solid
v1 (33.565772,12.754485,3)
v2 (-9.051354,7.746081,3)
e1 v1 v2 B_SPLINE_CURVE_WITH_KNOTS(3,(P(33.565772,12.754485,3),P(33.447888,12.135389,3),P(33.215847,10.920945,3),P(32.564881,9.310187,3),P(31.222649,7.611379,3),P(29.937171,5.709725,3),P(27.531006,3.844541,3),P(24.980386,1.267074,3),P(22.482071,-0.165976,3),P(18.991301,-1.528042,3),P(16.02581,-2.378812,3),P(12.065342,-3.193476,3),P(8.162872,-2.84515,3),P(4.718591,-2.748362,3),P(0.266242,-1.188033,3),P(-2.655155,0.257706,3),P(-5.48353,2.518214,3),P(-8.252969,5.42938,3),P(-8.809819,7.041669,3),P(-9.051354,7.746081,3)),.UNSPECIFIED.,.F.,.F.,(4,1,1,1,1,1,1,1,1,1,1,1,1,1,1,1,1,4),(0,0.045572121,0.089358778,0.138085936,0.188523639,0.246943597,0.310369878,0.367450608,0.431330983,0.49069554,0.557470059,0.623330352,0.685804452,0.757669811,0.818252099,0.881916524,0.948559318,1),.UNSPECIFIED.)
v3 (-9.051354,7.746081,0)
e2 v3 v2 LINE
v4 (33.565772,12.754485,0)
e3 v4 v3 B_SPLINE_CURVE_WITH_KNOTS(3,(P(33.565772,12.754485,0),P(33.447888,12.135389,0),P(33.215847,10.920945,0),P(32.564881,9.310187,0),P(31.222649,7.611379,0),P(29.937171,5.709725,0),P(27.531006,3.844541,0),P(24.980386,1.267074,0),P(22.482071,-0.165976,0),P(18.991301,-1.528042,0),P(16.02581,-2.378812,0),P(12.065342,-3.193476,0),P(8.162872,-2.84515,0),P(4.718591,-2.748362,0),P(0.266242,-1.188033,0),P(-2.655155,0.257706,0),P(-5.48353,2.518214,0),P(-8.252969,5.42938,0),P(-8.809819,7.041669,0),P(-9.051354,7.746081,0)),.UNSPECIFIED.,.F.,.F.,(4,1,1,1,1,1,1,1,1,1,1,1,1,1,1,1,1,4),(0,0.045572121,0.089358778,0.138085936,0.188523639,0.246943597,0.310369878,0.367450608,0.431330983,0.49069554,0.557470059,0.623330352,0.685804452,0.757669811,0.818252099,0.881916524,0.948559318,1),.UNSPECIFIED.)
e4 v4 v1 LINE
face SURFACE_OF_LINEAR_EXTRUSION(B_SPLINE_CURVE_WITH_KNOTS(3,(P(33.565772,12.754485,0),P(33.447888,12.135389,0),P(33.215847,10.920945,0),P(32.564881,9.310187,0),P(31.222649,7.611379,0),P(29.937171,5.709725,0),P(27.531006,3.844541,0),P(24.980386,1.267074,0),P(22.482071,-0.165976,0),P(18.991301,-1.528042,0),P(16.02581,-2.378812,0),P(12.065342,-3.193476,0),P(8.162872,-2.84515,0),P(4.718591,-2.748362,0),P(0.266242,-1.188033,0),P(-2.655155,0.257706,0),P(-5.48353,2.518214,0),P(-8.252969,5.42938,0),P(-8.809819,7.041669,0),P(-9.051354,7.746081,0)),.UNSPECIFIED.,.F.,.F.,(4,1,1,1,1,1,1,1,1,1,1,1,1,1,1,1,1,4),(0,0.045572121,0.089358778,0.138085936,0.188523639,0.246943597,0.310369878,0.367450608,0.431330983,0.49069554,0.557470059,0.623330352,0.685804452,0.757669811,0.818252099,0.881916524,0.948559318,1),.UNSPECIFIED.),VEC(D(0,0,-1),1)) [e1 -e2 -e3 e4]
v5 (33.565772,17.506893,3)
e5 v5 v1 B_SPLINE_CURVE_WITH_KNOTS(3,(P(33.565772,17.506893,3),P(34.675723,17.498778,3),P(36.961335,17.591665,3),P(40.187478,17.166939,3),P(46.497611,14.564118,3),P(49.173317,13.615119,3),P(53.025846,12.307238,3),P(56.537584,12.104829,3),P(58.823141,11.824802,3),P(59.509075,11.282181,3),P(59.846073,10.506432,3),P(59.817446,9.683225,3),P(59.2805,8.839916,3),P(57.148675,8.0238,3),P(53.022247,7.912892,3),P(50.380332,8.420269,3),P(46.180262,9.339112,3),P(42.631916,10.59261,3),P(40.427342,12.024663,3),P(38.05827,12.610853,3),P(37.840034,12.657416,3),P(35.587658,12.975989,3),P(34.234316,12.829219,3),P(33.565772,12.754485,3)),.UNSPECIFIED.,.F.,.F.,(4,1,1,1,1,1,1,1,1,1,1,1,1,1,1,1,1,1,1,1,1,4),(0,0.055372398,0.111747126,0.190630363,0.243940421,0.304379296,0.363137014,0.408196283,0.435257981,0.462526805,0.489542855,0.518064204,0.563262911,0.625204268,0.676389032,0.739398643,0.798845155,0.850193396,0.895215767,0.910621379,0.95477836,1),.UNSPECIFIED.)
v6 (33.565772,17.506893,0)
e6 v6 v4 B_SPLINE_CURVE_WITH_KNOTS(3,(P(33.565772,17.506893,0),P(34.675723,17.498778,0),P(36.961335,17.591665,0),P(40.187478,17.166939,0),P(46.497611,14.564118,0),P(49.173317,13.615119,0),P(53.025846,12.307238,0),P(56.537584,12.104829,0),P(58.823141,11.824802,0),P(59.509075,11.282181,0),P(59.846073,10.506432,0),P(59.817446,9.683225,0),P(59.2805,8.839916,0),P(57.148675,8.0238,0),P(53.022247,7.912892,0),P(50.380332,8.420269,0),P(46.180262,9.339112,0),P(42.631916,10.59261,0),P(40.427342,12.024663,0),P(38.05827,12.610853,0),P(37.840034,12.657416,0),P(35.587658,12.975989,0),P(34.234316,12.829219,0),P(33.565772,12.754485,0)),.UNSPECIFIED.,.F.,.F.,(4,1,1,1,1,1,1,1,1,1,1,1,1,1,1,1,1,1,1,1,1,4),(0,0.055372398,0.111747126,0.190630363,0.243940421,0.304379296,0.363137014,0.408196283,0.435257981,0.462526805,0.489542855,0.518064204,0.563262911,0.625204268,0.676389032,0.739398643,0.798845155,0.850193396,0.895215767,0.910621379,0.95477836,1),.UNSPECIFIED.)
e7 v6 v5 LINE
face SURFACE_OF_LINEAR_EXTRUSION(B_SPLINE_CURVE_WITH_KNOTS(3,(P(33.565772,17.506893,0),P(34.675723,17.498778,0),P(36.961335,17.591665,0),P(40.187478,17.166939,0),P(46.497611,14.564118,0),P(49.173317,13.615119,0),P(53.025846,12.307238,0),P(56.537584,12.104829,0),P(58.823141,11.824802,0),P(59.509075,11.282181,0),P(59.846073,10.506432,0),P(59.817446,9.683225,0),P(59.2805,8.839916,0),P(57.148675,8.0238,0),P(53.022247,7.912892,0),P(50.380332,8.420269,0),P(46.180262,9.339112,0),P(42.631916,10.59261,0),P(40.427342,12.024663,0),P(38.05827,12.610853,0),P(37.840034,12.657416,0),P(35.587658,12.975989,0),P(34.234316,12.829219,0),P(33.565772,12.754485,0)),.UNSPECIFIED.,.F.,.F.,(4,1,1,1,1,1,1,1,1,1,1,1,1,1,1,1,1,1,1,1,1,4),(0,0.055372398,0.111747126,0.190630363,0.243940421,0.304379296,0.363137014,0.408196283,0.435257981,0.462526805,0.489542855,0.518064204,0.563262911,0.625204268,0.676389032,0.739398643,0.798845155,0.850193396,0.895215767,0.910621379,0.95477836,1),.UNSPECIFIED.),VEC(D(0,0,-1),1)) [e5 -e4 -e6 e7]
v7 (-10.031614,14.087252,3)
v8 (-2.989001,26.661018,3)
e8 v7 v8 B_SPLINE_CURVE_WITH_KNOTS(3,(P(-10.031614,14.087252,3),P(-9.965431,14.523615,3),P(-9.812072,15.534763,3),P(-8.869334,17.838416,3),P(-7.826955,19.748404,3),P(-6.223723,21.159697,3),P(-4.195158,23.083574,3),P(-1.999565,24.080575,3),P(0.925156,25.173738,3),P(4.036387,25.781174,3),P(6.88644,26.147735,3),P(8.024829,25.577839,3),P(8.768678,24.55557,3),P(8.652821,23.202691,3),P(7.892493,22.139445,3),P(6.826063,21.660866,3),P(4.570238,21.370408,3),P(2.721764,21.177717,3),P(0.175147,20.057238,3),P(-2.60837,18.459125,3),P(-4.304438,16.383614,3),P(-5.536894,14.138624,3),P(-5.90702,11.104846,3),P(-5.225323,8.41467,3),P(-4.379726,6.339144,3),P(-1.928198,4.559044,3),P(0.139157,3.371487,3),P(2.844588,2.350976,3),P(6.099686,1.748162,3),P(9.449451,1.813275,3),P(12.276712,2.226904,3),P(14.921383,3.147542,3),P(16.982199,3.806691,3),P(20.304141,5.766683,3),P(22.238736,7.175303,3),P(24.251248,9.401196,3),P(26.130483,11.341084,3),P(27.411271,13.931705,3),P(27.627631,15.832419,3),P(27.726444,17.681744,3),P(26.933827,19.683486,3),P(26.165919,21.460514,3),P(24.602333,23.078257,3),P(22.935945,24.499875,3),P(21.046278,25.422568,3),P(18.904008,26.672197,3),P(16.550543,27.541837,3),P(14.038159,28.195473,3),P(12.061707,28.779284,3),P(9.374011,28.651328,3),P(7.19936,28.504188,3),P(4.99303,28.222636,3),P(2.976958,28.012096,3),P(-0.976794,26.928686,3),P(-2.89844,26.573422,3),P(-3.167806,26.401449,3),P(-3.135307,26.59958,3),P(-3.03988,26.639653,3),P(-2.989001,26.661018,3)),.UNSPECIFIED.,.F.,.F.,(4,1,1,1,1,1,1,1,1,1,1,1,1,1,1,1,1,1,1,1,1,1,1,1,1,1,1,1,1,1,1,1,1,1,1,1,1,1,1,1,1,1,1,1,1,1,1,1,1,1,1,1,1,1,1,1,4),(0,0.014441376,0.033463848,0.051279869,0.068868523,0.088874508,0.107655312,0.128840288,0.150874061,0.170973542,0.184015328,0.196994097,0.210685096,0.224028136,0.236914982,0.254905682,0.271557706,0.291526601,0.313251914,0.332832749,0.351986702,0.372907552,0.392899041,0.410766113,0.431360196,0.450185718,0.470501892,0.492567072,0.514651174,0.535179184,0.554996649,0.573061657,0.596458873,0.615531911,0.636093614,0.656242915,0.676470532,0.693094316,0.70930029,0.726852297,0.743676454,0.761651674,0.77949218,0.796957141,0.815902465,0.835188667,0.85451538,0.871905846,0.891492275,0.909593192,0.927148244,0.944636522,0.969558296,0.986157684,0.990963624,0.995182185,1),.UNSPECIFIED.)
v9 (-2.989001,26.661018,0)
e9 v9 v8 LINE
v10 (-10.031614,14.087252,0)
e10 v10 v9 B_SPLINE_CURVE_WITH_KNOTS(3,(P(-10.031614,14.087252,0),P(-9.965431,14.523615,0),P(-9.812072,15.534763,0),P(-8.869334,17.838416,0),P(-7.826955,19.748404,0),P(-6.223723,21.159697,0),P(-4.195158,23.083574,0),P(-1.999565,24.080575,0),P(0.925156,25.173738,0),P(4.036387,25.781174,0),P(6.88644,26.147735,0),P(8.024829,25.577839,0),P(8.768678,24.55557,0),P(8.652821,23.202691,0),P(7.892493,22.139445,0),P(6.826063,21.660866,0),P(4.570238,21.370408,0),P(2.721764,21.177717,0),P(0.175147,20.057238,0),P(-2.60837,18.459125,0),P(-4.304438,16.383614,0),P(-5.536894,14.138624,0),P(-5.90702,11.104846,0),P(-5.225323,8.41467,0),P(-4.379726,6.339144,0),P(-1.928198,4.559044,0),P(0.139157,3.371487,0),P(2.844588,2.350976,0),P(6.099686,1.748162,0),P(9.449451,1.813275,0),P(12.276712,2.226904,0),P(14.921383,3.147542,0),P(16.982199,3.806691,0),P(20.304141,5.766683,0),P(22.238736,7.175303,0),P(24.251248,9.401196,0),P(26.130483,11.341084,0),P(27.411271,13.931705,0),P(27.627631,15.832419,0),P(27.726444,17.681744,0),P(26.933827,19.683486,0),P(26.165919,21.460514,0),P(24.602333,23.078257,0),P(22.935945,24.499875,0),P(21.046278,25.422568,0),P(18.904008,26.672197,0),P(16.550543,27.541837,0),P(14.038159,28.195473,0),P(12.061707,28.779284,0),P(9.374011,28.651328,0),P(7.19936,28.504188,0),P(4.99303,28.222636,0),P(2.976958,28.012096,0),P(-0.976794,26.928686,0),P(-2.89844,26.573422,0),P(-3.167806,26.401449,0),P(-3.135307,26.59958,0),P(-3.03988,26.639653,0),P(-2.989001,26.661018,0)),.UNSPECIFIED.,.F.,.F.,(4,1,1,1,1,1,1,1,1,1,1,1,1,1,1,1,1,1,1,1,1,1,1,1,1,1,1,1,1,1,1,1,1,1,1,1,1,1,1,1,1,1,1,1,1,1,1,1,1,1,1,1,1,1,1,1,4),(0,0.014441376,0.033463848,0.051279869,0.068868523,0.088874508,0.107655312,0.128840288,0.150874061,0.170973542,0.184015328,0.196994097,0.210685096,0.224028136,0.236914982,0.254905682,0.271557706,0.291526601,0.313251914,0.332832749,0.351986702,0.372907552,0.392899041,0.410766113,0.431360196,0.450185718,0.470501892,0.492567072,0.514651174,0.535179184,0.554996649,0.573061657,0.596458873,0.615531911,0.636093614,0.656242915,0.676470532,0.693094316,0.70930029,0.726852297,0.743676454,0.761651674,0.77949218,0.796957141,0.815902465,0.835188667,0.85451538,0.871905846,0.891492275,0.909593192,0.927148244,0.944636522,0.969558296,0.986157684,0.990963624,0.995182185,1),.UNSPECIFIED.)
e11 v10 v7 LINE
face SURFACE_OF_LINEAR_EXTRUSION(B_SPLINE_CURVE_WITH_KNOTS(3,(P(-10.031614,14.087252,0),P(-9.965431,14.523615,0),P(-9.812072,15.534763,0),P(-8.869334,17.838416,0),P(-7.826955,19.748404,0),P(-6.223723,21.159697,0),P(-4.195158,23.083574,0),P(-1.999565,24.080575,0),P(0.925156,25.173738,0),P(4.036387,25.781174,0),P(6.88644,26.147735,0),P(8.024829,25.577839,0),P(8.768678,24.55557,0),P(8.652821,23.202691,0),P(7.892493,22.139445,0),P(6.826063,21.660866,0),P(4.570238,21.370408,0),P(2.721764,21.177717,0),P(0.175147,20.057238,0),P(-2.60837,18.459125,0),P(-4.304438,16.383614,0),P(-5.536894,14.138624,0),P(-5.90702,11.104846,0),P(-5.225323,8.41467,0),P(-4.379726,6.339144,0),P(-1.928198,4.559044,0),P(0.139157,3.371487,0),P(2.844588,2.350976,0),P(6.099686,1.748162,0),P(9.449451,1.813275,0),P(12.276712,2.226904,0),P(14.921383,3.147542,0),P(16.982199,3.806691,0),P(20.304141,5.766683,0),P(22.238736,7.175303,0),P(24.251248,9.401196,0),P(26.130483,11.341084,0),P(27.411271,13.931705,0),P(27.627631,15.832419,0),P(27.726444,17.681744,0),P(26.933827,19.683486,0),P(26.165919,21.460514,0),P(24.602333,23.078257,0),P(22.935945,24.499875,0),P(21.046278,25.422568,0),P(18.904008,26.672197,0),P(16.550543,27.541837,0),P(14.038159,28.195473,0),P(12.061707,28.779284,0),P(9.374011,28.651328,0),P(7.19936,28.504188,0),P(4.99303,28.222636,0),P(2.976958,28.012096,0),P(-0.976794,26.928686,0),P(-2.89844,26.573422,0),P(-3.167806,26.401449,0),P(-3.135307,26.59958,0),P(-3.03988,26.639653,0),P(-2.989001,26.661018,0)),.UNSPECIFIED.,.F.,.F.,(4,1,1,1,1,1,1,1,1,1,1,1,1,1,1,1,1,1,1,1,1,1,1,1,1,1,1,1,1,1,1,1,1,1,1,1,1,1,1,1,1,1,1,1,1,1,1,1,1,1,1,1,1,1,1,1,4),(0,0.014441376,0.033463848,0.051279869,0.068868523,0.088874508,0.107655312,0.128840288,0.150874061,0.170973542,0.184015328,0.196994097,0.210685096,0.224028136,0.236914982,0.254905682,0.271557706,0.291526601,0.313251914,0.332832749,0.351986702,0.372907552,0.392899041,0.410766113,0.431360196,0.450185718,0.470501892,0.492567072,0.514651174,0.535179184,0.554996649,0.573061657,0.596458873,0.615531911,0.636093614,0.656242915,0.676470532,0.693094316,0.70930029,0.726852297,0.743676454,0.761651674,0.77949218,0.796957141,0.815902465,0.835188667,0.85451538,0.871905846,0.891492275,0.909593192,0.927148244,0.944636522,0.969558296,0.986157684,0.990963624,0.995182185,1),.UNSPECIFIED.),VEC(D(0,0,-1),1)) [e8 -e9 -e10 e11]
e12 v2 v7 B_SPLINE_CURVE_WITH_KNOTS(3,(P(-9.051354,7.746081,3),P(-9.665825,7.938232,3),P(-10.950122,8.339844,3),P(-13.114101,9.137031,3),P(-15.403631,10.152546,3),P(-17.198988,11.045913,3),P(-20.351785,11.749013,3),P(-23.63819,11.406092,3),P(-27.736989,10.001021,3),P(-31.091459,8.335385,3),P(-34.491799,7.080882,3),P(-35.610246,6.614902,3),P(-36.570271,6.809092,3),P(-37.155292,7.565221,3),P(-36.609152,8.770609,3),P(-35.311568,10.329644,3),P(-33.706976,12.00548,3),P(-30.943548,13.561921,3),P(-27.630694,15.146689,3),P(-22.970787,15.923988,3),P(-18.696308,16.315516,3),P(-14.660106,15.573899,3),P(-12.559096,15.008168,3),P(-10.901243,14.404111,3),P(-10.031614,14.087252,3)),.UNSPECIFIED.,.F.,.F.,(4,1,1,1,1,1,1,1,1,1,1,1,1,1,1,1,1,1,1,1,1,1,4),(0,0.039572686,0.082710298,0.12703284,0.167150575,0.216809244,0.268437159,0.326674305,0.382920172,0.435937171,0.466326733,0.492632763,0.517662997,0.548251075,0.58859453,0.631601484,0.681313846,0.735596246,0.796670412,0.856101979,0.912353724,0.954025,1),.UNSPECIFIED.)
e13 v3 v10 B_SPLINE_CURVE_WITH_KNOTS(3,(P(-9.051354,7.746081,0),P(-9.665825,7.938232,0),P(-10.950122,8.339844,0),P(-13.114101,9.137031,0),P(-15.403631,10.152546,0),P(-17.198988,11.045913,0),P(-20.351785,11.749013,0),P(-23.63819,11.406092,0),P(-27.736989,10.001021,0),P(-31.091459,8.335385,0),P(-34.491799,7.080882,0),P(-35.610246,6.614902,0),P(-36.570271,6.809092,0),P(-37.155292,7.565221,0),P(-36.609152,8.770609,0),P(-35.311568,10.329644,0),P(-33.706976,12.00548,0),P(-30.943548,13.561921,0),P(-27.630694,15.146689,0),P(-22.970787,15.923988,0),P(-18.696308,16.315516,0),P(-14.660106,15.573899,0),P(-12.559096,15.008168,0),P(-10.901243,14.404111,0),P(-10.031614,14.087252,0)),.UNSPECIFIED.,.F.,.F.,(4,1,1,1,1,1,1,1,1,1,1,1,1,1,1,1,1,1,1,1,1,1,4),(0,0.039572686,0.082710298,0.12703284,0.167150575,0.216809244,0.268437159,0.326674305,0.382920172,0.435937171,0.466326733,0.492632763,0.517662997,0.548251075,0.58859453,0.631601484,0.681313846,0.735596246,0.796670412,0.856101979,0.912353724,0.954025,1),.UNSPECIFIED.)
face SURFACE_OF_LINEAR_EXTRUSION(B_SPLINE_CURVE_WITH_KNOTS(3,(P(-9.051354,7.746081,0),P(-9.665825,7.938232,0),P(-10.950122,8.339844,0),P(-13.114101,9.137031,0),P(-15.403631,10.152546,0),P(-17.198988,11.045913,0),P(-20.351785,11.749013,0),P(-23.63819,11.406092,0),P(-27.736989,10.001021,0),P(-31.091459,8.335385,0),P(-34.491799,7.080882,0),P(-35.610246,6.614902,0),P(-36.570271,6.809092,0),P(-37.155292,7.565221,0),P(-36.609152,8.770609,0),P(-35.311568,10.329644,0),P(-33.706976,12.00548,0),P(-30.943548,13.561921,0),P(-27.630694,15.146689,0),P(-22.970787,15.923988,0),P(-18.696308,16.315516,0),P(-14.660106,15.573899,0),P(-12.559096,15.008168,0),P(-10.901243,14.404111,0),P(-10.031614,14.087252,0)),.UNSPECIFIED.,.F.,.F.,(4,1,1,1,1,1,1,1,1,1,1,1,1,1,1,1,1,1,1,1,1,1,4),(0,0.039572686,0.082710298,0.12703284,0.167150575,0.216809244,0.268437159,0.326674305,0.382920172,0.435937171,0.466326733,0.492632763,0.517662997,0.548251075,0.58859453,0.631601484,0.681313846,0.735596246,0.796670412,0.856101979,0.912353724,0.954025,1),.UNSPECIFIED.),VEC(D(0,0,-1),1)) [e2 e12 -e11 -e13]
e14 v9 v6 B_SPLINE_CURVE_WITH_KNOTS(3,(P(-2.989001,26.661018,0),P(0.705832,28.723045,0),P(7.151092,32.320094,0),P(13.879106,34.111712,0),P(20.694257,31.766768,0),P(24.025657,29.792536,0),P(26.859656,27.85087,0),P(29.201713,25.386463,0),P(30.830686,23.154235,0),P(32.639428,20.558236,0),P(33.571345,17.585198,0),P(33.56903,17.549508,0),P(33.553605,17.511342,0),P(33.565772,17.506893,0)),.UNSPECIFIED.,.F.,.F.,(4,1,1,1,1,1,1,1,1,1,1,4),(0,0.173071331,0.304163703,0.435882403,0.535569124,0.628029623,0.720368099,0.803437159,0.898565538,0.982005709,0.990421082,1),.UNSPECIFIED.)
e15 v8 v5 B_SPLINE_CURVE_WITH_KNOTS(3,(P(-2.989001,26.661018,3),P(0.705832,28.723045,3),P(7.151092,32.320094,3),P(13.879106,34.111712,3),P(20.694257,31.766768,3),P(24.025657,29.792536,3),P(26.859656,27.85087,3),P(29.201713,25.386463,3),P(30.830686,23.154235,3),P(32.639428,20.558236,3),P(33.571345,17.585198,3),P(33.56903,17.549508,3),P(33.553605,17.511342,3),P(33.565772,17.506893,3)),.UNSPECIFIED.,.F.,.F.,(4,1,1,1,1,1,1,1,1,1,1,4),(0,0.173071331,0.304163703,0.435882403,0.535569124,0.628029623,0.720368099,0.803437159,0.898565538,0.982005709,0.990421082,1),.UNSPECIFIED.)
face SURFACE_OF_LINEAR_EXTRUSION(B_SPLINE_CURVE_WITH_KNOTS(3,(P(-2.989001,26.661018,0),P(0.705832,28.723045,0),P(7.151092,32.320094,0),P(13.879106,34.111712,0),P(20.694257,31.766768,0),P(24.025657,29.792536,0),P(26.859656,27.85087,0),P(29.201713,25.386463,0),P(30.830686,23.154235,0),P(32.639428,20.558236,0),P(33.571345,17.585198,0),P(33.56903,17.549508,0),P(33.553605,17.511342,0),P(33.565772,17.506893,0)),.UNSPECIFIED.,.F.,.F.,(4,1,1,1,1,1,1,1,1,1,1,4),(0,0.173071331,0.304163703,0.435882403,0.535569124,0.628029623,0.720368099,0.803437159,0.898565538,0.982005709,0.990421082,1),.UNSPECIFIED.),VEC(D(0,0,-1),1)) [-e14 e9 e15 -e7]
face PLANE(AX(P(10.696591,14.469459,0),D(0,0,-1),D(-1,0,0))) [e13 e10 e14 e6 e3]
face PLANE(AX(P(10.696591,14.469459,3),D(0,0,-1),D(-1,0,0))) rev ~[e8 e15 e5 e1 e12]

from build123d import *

# Parameters (mm, degrees)
F1_DEPTH = 3


with BuildPart() as f1:
    # F0 (on Top) → F1 (new body)
    with BuildSketch(Plane.XY):
        with BuildLine():
            add(Edge.make_bspline(
                [(-2.9890012826, 26.6610181139), (0.7058323558, 28.7230454498), (7.1510918409, 32.3200937283), (13.879105701, 34.1117122438), (20.6942565627, 31.7667684225), (24.0256567373, 29.7925355048), (26.8596556482, 27.8508703992), (29.2017125534, 25.3864634533), (30.830685996, 23.1542348122), (32.6394276009, 20.5582359341), (33.571345065, 17.5851978757), (33.5690297025, 17.5495077138), (33.5536047123, 17.5113423095), (33.56577243, 17.5068931753)],
                knots=[0, 0, 0, 0, 0.1730713307, 0.3041637026, 0.4358824031, 0.5355691237, 0.6280296233, 0.7203680988, 0.8034371594, 0.898565538, 0.9820057092, 0.9904210824, 1, 1, 1, 1], degree=3))
            add(Edge.make_bspline(
                [(-10.0316135213, 14.0872523189), (-9.9654310631, 14.5236148049), (-9.8120717394, 15.5347627377), (-8.8693338443, 17.8384164522), (-7.826954522, 19.7484042782), (-6.2237231367, 21.1596965744), (-4.195157576, 23.0835738901), (-1.9995653959, 24.0805745137), (0.9251562659, 25.1737382017), (4.0363867581, 25.7811742292), (6.886439895, 26.1477349472), (8.0248287711, 25.5778389307), (8.7686780399, 24.5555703371), (8.6528209741, 23.2026911661), (7.8924931011, 22.1394452481), (6.8260627833, 21.6608658188), (4.5702377638, 21.3704075095), (2.7217642718, 21.177717019), (0.175146619, 20.0572378306), (-2.6083701592, 18.4591250131), (-4.3044380128, 16.3836137071), (-5.5368939741, 14.1386237608), (-5.9070204613, 11.1048458516), (-5.2253234193, 8.4146701241), (-4.3797259528, 6.3391435608), (-1.9281977902, 4.559043779), (0.1391574842, 3.3714868914), (2.8445884633, 2.3509761872), (6.0996860384, 1.7481615089), (9.4494510639, 1.8132750234), (12.2767120108, 2.2269039528), (14.9213834592, 3.1475416372), (16.982199051, 3.8066910968), (20.3041412815, 5.7666832343), (22.2387355653, 7.1753033728), (24.2512479952, 9.4011960429), (26.130482629, 11.341084328), (27.4112710393, 13.9317047544), (27.6276311255, 15.8324190403), (27.7264438559, 17.6817442848), (26.9338271735, 19.6834860041), (26.1659193805, 21.4605139964), (24.602332913, 23.0782565364), (22.9359450026, 24.499874851), (21.0462780577, 25.4225676251), (18.9040084306, 26.6721968585), (16.5505430143, 27.5418371736), (14.0381587148, 28.1954734313), (12.0617066364, 28.7792842247), (9.3740106757, 28.6513283639), (7.1993599433, 28.5041884515), (4.9930295043, 28.2226364841), (2.9769584311, 28.012096279), (-0.9767940968, 26.9286858241), (-2.898440085, 26.5734218173), (-3.1678061726, 26.4014493406), (-3.1353066825, 26.5995803583), (-3.0398796206, 26.6396531822), (-2.9890012826, 26.6610181139)],
                knots=[0, 0, 0, 0, 0.0144413758, 0.0334638483, 0.0512798693, 0.0688685234, 0.0888745082, 0.1076553118, 0.128840288, 0.1508740608, 0.1709735423, 0.1840153285, 0.1969940974, 0.2106850962, 0.224028136, 0.2369149824, 0.2549056821, 0.2715577062, 0.2915266014, 0.3132519136, 0.3328327491, 0.3519867022, 0.372907552, 0.392899041, 0.4107661128, 0.4313601958, 0.4501857182, 0.4705018921, 0.4925670722, 0.514651174, 0.5351791835, 0.5549966494, 0.5730616569, 0.5964588732, 0.6155319114, 0.6360936142, 0.6562429146, 0.6764705319, 0.6930943155, 0.7093002905, 0.7268522965, 0.7436764542, 0.7616516738, 0.77949218, 0.7969571406, 0.8159024651, 0.8351886673, 0.8545153805, 0.8719058455, 0.891492275, 0.9095931921, 0.9271482435, 0.9446365225, 0.9695582957, 0.9861576842, 0.9909636235, 0.9951821847, 1, 1, 1, 1], degree=3))
            add(Edge.make_bspline(
                [(-9.0513536707, 7.7460808679), (-9.6658249072, 7.9382319947), (-10.9501223414, 8.3398442823), (-13.1141006294, 9.1370310837), (-15.4036312018, 10.1525462038), (-17.1989882048, 11.0459127837), (-20.3517848541, 11.749013008), (-23.6381896437, 11.4060921939), (-27.7369894117, 10.0010212057), (-31.0914585562, 8.3353848048), (-34.4917994913, 7.080882252), (-35.6102456536, 6.6149015602), (-36.5702714672, 6.8090919152), (-37.1552918977, 7.5652208157), (-36.6091519017, 8.770608793), (-35.3115680365, 10.3296437845), (-33.7069756588, 12.0054797858), (-30.9435475784, 13.5619209754), (-27.6306938966, 15.1466886493), (-22.9707871653, 15.9239883571), (-18.6963082854, 16.3155164494), (-14.6601062948, 15.5738994749), (-12.5590955981, 15.0081682096), (-10.901242917, 14.4041113529), (-10.0316135213, 14.0872523189)],
                knots=[0, 0, 0, 0, 0.039572686, 0.082710298, 0.12703284, 0.1671505751, 0.2168092439, 0.2684371586, 0.3266743051, 0.3829201718, 0.4359371711, 0.4663267327, 0.4926327632, 0.5176629975, 0.5482510754, 0.5885945297, 0.6316014844, 0.6813138457, 0.7355962455, 0.7966704122, 0.8561019786, 0.9123537244, 0.9540249996, 1, 1, 1, 1], degree=3))
            add(Edge.make_bspline(
                [(33.56577243, 12.7544850111), (33.447887612, 12.1353894519), (33.2158474544, 10.920944779), (32.5648807956, 9.3101870269), (31.2226488233, 7.6113785015), (29.937171034, 5.7097253723), (27.5310059288, 3.8445411866), (24.9803856092, 1.2670737194), (22.482071082, -0.1659762572), (18.991301159, -1.5280423577), (16.0258102579, -2.3788124107), (12.065341506, -3.1934764213), (8.1628724324, -2.8451502194), (4.7185911721, -2.7483618251), (0.2662423727, -1.1880331565), (-2.6551550992, 0.2577063076), (-5.4835304725, 2.5182135092), (-8.2529692071, 5.4293795578), (-8.8098189295, 7.0416692901), (-9.0513536707, 7.7460808679)],
                knots=[0, 0, 0, 0, 0.0455721215, 0.0893587783, 0.1380859363, 0.188523639, 0.2469435969, 0.3103698776, 0.3674506079, 0.4313309827, 0.4906955404, 0.5574700587, 0.6233303524, 0.6858044525, 0.7576698112, 0.8182520992, 0.8819165244, 0.9485593182, 1, 1, 1, 1], degree=3))
            add(Edge.make_bspline(
                [(33.56577243, 17.5068931753), (34.6757234305, 17.4987776928), (36.9613347854, 17.5916654424), (40.1874778445, 17.1669388014), (46.497610614, 14.5641183736), (49.1733172646, 13.6151186548), (53.0258455862, 12.3072381395), (56.5375837489, 12.1048290103), (58.8231405555, 11.8248017338), (59.5090745148, 11.2821811753), (59.8460734135, 10.5064317204), (59.8174461671, 9.6832253905), (59.2804996616, 8.8399157751), (57.1486747133, 8.0237998826), (53.0222473822, 7.9128920522), (50.3803316583, 8.4202691225), (46.1802623007, 9.3391120175), (42.6319159065, 10.5926102521), (40.4273424513, 12.0246633404), (38.0582699428, 12.610853172), (37.8400344697, 12.6574156777), (35.5876578298, 12.9759886778), (34.2343159584, 12.8292191403), (33.56577243, 12.7544850111)],
                knots=[0, 0, 0, 0, 0.0553723983, 0.111747126, 0.1906303631, 0.2439404213, 0.3043792962, 0.3631370138, 0.4081962827, 0.4352579808, 0.4625268053, 0.489542855, 0.5180642044, 0.5632629106, 0.6252042684, 0.6763890319, 0.7393986432, 0.7988451547, 0.8501933963, 0.8952157666, 0.9106213791, 0.9547783596, 1, 1, 1, 1], degree=3))
        make_face()
    extrude(amount=F1_DEPTH)


solid = f1.part
